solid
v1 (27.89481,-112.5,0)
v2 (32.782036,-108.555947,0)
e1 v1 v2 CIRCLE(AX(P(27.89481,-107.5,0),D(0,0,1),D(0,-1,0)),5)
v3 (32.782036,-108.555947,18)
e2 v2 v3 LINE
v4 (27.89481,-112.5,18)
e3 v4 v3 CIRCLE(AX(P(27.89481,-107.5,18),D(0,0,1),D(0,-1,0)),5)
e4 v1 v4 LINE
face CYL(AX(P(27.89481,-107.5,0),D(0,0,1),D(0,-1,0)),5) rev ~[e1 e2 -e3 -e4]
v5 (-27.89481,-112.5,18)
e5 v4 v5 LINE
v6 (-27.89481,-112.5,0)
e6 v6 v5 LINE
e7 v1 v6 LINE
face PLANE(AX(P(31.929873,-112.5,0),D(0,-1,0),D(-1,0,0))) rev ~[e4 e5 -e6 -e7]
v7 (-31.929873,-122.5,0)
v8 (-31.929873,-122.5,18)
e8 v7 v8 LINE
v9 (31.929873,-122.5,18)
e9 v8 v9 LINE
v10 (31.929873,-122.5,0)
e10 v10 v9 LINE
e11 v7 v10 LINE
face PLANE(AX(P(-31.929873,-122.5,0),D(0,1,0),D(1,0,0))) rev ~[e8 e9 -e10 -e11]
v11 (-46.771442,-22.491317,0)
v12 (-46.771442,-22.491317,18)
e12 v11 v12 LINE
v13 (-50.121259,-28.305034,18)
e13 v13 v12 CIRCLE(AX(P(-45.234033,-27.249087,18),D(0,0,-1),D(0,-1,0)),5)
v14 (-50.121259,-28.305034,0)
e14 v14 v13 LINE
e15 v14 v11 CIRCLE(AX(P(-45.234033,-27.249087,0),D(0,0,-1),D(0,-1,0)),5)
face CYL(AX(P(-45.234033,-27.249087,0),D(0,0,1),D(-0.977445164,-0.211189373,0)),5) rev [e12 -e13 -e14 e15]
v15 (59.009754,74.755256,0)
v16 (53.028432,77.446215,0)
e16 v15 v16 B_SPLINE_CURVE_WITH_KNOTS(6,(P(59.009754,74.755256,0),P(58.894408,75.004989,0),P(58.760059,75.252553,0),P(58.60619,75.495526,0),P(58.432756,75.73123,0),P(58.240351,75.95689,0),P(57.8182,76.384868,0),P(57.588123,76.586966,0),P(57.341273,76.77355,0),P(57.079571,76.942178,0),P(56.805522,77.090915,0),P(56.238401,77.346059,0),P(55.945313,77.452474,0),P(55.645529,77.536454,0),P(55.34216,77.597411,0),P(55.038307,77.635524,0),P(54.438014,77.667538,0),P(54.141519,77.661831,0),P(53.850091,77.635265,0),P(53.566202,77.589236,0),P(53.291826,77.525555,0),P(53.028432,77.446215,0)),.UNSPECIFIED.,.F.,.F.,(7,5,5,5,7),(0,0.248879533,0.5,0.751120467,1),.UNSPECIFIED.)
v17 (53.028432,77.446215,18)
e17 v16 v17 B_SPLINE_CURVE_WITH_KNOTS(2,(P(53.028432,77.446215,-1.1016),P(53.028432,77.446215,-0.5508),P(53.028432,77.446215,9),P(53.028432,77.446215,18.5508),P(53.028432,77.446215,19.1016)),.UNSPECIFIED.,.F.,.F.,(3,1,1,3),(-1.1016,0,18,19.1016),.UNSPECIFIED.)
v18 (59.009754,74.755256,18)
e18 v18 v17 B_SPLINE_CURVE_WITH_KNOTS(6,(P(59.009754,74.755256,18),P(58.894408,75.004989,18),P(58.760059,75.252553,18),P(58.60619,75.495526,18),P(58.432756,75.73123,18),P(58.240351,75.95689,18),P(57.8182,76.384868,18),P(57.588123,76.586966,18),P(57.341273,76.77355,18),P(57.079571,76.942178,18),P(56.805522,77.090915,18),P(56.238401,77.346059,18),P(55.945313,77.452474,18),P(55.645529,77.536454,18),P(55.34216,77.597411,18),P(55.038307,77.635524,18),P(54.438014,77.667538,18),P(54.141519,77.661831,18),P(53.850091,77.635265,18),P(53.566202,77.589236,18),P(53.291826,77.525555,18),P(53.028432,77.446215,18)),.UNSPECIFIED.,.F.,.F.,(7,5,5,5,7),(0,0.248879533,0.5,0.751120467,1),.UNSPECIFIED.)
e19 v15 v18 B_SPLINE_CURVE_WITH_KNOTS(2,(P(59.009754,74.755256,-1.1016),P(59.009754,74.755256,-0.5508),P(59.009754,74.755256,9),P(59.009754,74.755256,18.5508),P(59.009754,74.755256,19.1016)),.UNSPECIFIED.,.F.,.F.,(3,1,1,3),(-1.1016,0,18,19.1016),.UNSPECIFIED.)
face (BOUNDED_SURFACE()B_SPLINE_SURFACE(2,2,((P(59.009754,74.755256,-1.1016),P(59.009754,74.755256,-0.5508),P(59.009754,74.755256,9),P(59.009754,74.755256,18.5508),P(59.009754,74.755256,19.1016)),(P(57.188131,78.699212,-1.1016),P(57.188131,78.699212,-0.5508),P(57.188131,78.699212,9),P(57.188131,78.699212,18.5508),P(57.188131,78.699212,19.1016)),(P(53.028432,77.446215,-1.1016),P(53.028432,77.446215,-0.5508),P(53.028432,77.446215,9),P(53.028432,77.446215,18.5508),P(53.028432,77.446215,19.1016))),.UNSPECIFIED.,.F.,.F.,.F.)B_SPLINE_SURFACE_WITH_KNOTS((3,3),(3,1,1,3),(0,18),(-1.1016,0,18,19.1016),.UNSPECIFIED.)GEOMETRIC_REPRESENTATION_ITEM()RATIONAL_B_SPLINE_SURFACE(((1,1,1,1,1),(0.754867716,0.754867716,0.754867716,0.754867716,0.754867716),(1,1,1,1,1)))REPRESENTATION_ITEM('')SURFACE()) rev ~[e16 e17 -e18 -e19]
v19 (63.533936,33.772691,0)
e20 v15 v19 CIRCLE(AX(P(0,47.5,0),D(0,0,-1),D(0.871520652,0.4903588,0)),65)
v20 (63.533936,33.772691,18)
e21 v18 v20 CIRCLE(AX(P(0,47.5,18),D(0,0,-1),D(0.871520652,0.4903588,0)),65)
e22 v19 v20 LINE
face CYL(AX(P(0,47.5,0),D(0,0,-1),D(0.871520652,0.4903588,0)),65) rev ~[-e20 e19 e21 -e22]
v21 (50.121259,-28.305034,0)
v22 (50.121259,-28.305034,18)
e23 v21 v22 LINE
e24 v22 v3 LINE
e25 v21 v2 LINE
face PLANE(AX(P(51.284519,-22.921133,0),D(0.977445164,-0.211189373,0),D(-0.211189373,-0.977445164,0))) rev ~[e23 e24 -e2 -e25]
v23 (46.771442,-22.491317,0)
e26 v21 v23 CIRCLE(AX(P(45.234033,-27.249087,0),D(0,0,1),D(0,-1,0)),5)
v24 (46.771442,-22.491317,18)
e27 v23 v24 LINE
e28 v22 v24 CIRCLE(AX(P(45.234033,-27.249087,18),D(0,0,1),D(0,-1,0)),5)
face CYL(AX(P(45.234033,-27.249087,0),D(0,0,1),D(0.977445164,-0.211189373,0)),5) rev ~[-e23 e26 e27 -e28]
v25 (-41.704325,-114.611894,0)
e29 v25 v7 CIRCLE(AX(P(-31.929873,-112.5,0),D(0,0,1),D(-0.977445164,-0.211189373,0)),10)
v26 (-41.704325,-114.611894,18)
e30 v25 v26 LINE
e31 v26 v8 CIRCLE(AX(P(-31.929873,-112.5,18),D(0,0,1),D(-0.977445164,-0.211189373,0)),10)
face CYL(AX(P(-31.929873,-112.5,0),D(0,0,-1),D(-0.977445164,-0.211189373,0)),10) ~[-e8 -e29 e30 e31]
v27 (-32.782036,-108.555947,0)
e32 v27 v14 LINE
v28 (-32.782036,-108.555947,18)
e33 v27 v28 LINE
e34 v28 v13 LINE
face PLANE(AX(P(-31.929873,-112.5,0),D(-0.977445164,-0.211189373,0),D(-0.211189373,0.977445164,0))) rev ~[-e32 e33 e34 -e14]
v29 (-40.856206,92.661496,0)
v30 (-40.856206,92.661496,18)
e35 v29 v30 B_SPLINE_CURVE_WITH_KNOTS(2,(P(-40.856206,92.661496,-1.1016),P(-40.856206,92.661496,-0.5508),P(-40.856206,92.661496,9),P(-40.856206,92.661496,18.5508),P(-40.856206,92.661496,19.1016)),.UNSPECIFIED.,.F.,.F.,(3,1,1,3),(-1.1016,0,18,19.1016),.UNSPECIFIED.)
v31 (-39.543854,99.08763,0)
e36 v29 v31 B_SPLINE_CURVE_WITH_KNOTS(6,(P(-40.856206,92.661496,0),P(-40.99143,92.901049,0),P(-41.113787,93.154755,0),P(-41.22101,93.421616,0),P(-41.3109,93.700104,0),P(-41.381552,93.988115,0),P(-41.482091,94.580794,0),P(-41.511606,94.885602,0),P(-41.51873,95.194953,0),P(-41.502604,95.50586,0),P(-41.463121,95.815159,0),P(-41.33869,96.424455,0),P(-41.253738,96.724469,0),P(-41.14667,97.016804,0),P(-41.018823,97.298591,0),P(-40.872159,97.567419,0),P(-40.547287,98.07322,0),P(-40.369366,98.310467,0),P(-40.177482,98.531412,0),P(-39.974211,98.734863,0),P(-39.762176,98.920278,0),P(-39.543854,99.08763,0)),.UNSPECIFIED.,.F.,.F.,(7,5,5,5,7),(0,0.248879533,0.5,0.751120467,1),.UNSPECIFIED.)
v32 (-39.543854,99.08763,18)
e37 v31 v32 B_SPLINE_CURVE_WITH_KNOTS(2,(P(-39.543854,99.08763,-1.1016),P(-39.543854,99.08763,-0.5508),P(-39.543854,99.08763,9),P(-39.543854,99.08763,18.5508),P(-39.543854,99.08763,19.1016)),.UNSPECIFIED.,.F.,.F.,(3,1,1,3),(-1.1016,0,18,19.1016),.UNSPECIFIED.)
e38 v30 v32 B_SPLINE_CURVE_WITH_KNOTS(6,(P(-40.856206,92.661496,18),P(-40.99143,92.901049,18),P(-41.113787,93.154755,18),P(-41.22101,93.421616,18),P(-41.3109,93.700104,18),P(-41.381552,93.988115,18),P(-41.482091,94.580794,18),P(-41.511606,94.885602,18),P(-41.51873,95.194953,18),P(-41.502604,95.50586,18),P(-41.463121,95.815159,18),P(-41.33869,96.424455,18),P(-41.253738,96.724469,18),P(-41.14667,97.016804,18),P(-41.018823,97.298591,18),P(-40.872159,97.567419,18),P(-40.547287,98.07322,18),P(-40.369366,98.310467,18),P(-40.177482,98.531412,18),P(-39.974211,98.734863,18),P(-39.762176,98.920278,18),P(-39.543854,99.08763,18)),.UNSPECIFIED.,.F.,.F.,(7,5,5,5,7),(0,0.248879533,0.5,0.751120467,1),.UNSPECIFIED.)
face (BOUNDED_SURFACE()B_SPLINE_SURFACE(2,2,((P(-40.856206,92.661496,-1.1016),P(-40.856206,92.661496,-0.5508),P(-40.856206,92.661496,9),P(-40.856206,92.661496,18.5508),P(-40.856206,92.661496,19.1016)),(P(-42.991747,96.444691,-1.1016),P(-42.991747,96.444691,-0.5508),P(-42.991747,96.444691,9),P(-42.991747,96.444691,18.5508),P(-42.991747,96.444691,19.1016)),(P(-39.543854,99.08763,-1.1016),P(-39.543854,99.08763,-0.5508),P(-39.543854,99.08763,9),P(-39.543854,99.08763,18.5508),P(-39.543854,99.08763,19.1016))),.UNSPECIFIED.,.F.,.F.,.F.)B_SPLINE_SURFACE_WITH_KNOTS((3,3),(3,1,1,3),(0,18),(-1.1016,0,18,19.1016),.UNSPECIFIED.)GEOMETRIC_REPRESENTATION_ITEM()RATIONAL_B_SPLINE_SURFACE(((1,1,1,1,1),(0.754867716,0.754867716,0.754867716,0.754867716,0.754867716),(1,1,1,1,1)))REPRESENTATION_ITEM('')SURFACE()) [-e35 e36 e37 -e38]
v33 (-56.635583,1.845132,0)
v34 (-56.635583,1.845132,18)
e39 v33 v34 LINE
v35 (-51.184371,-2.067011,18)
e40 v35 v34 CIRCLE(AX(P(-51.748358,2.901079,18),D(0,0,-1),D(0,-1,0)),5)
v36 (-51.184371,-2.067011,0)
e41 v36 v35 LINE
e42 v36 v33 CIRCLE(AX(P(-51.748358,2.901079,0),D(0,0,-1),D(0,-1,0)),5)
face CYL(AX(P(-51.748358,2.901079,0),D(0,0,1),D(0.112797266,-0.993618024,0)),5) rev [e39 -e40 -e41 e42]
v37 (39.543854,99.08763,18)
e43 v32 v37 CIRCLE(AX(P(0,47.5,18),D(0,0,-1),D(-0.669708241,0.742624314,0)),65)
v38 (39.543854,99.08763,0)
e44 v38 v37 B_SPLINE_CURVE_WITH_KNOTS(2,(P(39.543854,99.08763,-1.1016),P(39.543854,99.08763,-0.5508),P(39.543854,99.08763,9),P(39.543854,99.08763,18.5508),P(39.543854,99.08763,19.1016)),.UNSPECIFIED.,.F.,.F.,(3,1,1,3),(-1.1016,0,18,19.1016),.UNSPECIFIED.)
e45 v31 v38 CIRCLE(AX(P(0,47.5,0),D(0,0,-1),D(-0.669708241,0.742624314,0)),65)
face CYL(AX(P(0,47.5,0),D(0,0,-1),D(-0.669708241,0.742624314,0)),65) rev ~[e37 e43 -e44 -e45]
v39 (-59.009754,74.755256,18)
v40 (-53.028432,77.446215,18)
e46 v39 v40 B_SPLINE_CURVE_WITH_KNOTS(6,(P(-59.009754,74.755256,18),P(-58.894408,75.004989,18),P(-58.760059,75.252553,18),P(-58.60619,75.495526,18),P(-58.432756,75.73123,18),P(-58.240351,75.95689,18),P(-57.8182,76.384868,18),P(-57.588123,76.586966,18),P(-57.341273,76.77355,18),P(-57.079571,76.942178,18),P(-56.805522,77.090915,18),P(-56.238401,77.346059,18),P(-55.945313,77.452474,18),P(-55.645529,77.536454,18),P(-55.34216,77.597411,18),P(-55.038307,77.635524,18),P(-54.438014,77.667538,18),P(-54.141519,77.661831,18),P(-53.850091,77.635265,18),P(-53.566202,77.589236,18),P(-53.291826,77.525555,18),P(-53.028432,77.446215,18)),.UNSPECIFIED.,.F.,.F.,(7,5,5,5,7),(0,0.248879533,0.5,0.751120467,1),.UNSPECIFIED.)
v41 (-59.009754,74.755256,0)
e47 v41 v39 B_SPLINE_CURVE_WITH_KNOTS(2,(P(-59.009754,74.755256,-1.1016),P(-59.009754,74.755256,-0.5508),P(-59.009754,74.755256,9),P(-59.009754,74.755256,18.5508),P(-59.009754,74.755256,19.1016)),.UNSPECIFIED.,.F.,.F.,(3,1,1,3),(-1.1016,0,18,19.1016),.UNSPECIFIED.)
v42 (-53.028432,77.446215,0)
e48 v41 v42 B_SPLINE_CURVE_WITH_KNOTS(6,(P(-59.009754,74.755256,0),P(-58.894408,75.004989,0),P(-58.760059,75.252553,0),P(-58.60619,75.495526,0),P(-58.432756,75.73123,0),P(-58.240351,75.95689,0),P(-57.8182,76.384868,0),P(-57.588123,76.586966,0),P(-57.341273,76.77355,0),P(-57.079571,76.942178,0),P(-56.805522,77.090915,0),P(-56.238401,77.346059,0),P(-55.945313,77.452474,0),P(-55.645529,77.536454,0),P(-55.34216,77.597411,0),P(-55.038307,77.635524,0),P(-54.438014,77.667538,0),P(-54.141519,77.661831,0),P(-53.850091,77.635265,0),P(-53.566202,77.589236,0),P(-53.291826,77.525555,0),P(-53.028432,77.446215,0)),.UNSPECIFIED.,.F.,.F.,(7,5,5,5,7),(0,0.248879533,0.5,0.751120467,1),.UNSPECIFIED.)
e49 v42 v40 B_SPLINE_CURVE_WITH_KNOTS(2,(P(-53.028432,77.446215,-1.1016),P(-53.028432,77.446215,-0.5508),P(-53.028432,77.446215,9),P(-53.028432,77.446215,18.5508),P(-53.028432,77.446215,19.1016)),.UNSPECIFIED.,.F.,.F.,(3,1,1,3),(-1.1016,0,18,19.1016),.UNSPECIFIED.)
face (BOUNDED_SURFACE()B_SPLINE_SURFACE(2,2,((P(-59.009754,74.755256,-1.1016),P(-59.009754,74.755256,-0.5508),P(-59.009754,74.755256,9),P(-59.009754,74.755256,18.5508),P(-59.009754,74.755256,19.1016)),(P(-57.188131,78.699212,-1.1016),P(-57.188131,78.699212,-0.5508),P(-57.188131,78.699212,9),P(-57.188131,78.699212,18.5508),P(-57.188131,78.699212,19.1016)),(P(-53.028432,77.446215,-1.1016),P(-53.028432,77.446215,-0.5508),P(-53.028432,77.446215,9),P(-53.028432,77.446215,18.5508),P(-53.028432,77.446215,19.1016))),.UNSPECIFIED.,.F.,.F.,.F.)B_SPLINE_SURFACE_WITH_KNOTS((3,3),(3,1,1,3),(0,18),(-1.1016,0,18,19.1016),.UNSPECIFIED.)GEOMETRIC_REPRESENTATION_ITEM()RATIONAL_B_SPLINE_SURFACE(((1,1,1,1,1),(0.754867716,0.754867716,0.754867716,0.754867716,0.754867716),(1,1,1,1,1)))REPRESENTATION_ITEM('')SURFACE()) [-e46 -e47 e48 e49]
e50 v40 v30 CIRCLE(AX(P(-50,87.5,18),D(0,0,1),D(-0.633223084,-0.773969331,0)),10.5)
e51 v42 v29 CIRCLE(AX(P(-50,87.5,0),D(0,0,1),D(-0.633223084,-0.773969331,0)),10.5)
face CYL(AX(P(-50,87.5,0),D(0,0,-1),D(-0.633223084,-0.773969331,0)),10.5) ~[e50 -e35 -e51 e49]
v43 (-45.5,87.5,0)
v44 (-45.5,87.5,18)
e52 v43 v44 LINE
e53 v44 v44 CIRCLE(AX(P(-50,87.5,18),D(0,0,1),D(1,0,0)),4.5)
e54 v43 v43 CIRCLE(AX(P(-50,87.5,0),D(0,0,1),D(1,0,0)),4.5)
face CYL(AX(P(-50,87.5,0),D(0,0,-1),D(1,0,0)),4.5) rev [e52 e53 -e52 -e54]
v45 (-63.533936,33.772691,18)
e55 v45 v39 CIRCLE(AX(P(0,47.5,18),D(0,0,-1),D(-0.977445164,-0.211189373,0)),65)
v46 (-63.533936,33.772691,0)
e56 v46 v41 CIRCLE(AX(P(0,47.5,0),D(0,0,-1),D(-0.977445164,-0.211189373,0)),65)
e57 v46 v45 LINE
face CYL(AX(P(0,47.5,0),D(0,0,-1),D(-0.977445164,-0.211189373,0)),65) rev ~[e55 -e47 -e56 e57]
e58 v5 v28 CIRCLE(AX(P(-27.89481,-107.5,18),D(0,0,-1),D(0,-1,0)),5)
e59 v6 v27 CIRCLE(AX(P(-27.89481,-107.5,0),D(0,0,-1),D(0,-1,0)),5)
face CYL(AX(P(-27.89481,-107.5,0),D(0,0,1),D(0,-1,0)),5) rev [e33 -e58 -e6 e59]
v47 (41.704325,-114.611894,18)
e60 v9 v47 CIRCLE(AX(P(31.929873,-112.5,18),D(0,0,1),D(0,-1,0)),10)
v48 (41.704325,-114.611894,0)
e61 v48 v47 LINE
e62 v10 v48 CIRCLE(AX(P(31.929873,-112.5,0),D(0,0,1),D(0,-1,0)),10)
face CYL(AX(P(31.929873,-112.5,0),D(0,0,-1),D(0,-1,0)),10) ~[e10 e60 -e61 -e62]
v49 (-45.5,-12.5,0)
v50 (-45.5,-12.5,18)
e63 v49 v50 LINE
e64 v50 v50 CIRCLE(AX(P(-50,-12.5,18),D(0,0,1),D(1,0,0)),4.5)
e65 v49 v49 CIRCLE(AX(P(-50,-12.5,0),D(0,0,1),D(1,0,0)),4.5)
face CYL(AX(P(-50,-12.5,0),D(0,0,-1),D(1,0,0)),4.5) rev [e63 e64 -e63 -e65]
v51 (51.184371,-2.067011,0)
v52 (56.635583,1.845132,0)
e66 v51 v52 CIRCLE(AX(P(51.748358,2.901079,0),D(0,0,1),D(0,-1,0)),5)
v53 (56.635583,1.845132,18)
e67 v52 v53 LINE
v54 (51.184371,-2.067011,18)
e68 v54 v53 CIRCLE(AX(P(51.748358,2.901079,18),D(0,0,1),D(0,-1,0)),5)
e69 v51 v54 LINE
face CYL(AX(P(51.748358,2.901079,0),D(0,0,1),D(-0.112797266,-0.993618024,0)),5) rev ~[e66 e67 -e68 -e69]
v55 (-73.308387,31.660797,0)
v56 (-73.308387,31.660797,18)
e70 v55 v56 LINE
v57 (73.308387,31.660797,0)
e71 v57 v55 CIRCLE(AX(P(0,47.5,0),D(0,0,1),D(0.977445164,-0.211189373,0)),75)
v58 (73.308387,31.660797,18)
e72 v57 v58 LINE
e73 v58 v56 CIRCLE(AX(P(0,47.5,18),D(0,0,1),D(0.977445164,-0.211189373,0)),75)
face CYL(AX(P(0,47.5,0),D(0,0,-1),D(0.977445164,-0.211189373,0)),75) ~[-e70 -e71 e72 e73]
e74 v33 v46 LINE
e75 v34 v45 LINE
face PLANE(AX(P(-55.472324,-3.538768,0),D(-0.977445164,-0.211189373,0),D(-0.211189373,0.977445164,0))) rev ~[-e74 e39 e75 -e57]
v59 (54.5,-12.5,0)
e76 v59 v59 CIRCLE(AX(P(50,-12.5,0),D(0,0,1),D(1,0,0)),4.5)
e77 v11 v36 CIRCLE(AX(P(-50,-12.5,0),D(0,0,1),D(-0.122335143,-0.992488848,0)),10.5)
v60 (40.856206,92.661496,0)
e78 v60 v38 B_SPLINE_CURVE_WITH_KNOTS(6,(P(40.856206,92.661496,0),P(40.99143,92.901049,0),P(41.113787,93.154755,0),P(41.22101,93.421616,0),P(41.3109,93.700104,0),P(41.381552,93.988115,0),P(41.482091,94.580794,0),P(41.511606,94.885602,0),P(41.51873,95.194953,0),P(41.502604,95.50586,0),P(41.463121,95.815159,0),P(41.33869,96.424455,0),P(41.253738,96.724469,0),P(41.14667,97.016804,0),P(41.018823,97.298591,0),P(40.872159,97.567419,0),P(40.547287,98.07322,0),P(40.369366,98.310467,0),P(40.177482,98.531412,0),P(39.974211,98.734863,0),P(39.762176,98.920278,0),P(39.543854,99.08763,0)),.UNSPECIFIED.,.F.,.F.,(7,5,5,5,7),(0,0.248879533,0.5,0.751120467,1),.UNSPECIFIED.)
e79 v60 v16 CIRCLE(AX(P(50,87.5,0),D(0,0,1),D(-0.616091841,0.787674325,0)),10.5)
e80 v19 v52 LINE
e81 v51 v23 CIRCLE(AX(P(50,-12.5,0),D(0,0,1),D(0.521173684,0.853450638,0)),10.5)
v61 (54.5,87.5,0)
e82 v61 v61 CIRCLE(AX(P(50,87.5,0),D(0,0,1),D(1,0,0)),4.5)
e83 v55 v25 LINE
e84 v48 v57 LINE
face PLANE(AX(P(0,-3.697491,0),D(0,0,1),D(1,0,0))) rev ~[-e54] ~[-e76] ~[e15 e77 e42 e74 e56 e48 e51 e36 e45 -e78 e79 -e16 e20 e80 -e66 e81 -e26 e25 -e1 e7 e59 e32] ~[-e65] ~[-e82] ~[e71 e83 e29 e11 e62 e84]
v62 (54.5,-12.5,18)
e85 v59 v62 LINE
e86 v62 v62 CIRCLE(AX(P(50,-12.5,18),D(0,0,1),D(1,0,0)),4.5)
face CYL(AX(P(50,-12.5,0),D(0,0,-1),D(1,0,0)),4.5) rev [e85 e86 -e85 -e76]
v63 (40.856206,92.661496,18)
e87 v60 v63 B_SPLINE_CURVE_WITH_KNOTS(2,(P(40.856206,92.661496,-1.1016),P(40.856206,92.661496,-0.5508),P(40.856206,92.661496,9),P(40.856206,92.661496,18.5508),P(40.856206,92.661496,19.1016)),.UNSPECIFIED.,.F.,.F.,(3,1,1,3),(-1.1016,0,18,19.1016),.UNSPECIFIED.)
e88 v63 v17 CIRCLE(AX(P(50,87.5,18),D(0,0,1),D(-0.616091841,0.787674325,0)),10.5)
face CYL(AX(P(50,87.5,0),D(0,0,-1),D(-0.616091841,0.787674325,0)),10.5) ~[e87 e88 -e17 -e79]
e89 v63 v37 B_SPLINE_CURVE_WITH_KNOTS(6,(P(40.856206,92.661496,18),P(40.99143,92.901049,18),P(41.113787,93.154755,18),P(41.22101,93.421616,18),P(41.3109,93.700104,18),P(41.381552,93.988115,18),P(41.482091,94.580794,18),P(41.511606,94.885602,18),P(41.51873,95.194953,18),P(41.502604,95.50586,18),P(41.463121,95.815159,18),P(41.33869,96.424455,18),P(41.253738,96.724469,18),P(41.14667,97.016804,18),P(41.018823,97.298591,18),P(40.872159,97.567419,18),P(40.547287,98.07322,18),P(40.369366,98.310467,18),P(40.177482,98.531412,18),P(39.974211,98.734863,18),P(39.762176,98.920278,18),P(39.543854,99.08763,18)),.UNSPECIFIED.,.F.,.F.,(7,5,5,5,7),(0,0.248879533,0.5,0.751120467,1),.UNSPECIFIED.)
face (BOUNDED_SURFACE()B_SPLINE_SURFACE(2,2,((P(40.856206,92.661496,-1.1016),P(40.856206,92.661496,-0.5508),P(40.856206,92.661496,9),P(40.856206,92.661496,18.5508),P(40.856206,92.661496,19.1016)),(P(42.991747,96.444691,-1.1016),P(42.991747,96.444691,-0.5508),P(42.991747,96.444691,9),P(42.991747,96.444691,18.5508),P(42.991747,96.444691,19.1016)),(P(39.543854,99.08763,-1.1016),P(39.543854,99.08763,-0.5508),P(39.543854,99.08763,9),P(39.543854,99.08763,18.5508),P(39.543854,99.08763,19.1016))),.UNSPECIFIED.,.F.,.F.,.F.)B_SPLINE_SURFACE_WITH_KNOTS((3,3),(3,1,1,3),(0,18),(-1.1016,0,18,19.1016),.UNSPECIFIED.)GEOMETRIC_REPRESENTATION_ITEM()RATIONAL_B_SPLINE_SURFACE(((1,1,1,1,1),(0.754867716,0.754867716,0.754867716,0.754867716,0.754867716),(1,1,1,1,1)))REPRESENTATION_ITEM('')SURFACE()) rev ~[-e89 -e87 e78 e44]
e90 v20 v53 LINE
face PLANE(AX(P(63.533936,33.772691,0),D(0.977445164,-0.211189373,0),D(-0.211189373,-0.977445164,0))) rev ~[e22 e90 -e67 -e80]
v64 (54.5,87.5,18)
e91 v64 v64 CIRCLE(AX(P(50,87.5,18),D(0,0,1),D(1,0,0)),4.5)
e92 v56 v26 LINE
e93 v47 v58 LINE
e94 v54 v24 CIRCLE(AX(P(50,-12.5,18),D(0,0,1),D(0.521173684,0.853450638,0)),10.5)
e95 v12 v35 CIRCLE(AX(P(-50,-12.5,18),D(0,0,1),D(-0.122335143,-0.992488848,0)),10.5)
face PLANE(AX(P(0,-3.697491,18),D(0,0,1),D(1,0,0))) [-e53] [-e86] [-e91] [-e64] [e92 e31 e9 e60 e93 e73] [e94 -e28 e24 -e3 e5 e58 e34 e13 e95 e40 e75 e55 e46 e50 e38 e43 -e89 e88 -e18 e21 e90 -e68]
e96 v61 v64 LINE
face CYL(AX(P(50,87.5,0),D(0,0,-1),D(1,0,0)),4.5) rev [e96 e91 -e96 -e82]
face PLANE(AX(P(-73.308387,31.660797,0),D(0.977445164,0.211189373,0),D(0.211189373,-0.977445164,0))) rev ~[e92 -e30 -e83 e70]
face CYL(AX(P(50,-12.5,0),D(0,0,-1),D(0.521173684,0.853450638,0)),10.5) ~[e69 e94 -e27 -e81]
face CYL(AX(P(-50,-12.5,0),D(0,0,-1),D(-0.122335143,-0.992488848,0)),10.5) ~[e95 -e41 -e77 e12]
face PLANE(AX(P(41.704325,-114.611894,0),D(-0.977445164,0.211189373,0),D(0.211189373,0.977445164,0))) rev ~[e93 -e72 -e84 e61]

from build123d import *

# Parameters (mm, degrees)
SKETCH3_R           = 4.5
BOSS_EXTRUDE1_DEPTH = 18
FILLET1_R           = 5
FILLET2_R           = 5


with BuildPart() as part:
    # Sketch3 → Boss-Extrude1 (new body)
    with BuildSketch(Plane.XY):
        with BuildLine():
            Line((-31.929873349, -122.5), (31.929873349, -122.5))
            ThreePointArc((31.929873349, -122.5), (38.210043039, -120.281996444), (41.704324989, -114.611893732))
            Line((41.704324989, -114.611893732), (73.308387301, 31.660797012))
            ThreePointArc((73.308387301, 31.660797012), (0, 122.5), (-73.308387301, 31.660797012))
            Line((-73.308387301, 31.660797012), (-41.704324989, -114.611893732))
            ThreePointArc((-41.704324989, -114.611893732), (-38.210043039, -120.281996444), (-31.929873349, -122.5))
        make_face()
        with Locations((50, -12.5)):
            Circle(SKETCH3_R, mode=Mode.SUBTRACT)
        with Locations((50, 87.5)):
            Circle(SKETCH3_R, mode=Mode.SUBTRACT)
        with Locations((-50, 87.5)):
            Circle(SKETCH3_R, mode=Mode.SUBTRACT)
        with Locations((-50, -12.5)):
            Circle(SKETCH3_R, mode=Mode.SUBTRACT)
        with BuildLine():
            Line((-31.929873349, -112.5), (-51.284518999, -22.921132901))
            ThreePointArc((-51.284518999, -22.921132901), (-39.736825778, -10.282511582), (-55.472323677, -3.538768301))
            Line((-55.472323677, -3.538768301), (-63.533935661, 33.772690744))
            ThreePointArc((-63.533935661, 33.772690744), (-64.271528905, 57.204152316), (-56.648842383, 79.373322021))
            ThreePointArc((-56.648842383, 79.373322021), (-41.800877501, 80.940702001), (-43.531035666, 95.770580418))
            ThreePointArc((-43.531035666, 95.770580418), (0, 112.5), (43.531035666, 95.770580418))
            ThreePointArc((43.531035666, 95.770580418), (41.800877501, 80.940702001), (56.648842383, 79.373322021))
            ThreePointArc((56.648842383, 79.373322021), (64.271528905, 57.204152316), (63.533935661, 33.772690744))
            Line((63.533935661, 33.772690744), (55.472323677, -3.538768301))
            ThreePointArc((55.472323677, -3.538768301), (39.736825778, -10.282511582), (51.284518999, -22.921132901))
            Line((51.284518999, -22.921132901), (31.929873349, -112.5))
            Line((31.929873349, -112.5), (-31.929873349, -112.5))
        make_face(mode=Mode.SUBTRACT)
    extrude(amount=BOSS_EXTRUDE1_DEPTH)

    # Fillet1
    fillet1_edges = [part.edges().sort_by_distance(p)[0] for p in [
        (-31.929873349, -112.5, 9),
        (31.929873349, -112.5, 9),
    ]]
    fillet(fillet1_edges, radius=FILLET1_R)

    # Fillet2
    fillet2_edges = [part.edges().sort_by_distance(p)[0] for p in [
        (51.284518999, -22.921132901, 9),
        (55.472323677, -3.538768301, 9),
        (56.648842383, 79.373322021, 9),
        (43.531035666, 95.770580418, 9),
        (-43.531035666, 95.770580418, 9),
        (-56.648842383, 79.373322021, 9),
        (-55.472323677, -3.538768301, 9),
        (-51.284518999, -22.921132901, 9),
    ]]
    fillet(fillet2_edges, radius=FILLET2_R)


solid = part.part
